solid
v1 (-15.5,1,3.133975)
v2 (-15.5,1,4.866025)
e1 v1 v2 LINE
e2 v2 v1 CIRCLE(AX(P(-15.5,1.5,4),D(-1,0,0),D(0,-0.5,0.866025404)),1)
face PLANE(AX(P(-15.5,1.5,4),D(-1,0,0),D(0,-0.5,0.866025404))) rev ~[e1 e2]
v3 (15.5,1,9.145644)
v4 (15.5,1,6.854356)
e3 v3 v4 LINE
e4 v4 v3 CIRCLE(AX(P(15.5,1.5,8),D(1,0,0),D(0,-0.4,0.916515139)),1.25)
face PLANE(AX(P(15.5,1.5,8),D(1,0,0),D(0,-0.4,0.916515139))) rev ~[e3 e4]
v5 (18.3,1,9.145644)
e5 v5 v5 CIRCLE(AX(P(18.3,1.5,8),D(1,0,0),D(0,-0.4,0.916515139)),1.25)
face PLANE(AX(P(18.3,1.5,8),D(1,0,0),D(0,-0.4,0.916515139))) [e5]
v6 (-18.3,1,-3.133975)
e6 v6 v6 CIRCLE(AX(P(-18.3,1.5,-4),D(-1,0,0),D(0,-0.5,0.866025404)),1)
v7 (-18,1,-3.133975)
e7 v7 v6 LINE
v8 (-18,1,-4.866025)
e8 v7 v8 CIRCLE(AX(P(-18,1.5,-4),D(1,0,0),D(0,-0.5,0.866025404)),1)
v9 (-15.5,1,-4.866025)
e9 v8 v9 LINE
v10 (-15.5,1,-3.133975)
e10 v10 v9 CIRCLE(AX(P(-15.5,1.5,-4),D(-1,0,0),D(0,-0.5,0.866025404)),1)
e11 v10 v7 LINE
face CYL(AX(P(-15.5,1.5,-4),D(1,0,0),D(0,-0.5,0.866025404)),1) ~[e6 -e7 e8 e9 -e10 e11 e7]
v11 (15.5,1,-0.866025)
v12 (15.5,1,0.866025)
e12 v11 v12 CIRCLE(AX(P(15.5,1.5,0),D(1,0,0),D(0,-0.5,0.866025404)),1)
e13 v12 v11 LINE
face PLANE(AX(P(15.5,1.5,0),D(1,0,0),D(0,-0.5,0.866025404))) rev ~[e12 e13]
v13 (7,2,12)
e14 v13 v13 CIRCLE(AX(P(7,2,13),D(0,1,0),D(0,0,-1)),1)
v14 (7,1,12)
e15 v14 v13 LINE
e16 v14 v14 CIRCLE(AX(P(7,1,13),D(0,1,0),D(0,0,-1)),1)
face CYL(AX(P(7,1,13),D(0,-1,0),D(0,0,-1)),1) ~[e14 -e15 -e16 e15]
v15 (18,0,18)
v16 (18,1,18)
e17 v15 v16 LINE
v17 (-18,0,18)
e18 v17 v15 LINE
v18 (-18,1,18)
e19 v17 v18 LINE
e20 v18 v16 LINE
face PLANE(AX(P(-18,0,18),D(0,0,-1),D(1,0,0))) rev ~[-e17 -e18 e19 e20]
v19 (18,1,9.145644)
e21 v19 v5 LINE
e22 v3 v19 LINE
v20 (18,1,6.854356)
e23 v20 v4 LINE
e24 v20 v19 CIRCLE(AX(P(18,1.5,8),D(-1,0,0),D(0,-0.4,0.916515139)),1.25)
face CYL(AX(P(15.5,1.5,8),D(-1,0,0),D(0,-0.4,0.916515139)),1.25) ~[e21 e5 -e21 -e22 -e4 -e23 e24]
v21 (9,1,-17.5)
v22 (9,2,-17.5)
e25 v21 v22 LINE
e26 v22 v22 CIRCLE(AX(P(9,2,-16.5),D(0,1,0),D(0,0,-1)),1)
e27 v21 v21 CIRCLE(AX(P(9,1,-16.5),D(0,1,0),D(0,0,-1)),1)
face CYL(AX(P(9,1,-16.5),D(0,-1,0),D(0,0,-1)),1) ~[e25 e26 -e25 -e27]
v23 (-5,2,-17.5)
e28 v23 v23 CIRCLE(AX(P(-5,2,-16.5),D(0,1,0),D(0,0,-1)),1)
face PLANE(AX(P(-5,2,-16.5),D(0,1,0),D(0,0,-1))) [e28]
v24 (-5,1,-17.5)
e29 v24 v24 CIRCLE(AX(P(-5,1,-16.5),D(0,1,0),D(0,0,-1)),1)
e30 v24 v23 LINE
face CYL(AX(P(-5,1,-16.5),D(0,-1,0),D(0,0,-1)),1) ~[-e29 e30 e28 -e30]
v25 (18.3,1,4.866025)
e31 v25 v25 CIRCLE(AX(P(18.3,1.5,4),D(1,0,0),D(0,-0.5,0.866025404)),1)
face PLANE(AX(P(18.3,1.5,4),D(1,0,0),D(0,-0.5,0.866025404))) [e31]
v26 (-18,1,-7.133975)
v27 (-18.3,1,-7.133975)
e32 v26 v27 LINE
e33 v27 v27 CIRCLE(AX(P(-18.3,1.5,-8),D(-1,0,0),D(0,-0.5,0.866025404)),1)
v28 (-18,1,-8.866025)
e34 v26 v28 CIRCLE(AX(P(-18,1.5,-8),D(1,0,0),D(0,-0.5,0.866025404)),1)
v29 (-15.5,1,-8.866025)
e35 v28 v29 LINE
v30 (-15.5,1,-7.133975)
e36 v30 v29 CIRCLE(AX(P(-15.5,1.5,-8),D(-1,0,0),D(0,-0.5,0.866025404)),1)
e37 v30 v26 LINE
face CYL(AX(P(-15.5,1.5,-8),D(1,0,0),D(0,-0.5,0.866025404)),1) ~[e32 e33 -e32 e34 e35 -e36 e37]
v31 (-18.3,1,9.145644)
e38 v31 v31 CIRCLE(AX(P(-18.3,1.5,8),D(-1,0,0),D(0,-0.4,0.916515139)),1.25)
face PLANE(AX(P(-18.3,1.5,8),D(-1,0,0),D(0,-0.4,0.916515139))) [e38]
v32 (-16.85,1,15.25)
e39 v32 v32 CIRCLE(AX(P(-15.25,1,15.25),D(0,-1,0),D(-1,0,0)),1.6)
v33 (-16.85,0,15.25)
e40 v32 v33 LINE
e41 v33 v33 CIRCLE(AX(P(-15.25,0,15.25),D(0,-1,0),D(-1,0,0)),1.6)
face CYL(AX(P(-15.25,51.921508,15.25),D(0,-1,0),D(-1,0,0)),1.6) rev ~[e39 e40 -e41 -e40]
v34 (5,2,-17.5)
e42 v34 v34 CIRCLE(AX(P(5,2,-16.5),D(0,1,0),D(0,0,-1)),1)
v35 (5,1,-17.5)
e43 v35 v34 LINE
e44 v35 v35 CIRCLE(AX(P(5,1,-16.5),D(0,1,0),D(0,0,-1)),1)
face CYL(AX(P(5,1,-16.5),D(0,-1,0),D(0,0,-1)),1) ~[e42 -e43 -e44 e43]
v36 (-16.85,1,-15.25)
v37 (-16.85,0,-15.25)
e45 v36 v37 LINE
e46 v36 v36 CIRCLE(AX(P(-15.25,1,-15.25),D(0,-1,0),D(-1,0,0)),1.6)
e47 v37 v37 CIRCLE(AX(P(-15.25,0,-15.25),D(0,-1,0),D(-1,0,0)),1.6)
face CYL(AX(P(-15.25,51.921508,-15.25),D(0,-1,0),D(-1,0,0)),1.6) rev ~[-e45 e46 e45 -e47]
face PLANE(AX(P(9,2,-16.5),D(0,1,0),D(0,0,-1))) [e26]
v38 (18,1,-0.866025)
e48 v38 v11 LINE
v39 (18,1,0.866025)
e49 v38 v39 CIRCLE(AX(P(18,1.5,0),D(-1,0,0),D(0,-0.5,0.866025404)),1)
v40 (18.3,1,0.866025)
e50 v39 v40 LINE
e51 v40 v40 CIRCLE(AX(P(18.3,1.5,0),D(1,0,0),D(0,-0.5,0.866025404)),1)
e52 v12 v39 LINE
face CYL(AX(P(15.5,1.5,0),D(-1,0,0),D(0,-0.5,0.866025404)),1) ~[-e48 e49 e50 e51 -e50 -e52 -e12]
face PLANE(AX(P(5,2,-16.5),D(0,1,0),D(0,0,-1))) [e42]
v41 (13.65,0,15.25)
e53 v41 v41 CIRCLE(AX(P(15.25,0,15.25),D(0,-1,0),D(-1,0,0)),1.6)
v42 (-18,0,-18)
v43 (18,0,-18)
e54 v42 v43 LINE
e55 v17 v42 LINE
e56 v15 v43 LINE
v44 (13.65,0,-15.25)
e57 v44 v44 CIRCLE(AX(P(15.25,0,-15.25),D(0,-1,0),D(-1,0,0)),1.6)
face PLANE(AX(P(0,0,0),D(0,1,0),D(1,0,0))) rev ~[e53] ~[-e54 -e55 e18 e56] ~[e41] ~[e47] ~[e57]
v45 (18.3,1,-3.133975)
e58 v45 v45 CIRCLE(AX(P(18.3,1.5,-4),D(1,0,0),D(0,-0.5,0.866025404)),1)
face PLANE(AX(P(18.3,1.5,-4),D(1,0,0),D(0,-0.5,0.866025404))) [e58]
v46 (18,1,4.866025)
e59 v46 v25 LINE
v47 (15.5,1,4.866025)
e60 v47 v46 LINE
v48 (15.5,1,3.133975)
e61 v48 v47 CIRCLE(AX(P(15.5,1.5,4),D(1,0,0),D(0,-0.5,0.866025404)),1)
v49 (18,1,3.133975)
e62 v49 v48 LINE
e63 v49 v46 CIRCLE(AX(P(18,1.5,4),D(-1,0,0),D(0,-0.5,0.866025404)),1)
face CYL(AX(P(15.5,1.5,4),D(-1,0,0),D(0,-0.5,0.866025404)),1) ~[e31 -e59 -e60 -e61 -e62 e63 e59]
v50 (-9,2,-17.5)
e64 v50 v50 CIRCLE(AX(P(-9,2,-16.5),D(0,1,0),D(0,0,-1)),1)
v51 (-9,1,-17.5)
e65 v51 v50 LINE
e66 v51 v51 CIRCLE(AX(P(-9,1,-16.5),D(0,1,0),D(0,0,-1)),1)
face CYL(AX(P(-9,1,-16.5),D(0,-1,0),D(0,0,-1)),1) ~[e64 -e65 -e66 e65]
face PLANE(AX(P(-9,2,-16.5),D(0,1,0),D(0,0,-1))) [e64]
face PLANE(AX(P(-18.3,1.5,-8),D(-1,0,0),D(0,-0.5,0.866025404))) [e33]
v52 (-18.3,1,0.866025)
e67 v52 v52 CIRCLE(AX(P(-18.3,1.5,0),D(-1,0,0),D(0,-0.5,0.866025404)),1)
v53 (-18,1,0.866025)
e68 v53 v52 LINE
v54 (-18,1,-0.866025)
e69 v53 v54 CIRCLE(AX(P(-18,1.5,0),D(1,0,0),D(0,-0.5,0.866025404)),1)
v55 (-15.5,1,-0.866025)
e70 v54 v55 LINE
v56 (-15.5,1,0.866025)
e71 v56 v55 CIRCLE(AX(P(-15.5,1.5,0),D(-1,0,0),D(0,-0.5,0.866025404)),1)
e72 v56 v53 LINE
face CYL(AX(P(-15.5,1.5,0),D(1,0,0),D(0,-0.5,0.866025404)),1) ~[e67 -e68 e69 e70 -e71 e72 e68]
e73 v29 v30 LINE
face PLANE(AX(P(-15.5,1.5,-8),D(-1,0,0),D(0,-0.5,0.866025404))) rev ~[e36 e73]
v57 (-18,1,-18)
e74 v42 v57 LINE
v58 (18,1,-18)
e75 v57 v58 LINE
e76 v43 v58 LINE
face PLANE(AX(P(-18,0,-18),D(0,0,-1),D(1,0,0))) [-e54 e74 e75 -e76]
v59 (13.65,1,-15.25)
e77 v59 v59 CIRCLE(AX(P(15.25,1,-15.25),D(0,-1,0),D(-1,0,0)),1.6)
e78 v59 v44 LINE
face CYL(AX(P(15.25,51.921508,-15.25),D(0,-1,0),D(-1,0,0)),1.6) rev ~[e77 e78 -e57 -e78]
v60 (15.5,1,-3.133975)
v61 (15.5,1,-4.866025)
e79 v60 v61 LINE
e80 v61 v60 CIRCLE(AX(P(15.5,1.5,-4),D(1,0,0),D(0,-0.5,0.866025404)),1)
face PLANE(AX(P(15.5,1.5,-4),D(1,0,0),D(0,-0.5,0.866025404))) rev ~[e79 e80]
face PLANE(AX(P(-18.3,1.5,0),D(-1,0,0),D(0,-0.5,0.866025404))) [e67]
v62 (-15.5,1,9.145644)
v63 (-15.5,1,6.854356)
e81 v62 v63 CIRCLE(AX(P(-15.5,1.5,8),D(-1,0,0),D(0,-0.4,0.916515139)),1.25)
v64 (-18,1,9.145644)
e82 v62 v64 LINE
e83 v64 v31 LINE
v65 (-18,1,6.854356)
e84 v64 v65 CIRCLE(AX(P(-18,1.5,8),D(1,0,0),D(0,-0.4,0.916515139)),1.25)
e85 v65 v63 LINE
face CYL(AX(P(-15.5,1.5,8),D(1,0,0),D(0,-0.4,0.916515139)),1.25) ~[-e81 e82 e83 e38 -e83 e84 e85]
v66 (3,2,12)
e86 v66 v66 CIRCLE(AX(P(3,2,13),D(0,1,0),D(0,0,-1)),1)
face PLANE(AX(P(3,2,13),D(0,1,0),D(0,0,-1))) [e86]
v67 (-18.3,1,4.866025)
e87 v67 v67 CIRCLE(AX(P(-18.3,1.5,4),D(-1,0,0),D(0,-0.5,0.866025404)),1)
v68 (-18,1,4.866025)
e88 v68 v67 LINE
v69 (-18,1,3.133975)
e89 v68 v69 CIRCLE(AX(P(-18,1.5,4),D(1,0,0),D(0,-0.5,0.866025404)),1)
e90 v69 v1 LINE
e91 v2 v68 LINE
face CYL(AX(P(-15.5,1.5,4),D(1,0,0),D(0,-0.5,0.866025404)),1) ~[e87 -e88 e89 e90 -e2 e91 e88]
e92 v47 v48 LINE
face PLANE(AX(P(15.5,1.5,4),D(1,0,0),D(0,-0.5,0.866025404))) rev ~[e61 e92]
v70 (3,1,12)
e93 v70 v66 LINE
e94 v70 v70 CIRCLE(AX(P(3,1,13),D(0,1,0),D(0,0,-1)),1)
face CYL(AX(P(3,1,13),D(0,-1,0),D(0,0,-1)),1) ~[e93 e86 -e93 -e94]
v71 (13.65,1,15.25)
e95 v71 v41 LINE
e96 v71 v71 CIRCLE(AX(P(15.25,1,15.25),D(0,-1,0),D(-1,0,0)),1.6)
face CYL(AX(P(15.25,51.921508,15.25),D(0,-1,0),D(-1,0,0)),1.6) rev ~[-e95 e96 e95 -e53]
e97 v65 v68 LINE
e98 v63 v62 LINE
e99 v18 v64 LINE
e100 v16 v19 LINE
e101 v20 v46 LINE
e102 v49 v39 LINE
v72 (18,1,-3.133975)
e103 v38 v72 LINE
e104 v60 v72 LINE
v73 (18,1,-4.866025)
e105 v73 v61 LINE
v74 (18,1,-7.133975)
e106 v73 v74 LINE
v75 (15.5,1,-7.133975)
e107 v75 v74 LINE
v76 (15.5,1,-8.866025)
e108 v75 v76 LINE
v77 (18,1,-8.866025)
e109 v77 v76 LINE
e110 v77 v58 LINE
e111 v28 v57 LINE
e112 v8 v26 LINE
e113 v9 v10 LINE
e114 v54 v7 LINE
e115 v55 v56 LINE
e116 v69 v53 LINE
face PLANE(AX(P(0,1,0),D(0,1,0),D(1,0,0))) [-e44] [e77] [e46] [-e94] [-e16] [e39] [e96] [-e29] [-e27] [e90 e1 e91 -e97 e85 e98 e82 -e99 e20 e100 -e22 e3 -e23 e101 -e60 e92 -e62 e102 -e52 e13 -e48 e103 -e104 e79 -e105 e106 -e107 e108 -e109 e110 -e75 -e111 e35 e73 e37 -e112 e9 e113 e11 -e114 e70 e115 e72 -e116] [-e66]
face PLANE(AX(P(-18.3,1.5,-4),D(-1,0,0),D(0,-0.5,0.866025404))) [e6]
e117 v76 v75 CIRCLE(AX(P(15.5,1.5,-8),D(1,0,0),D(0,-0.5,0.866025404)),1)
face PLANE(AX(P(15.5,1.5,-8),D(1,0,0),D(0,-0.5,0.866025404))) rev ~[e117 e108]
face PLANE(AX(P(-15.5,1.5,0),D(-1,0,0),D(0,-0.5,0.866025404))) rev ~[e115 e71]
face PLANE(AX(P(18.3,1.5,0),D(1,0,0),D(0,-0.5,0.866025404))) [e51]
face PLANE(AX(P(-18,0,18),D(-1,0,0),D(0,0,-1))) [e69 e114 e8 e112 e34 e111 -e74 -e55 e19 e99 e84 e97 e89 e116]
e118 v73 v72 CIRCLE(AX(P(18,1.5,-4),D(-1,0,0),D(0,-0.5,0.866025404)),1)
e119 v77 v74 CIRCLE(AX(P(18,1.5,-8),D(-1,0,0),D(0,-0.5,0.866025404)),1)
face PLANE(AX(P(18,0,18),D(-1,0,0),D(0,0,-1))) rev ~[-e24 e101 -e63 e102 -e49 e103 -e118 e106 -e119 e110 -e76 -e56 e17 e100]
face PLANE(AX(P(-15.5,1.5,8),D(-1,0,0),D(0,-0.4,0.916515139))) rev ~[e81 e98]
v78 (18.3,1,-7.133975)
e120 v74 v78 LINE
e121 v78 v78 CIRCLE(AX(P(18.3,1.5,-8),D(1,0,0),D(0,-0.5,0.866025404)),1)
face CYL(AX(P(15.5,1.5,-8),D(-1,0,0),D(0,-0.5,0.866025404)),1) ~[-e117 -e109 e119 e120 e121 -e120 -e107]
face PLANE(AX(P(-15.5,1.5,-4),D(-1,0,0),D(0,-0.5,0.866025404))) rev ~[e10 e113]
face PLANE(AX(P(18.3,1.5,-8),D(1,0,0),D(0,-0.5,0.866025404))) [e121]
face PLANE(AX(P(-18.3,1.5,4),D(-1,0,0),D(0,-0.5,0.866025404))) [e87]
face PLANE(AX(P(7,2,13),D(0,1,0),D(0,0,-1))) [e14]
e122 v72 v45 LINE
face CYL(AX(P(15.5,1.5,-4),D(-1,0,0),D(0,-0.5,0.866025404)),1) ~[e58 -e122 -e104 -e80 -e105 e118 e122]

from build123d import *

# Parameters (mm, degrees)
SKIZZE1_W                        = 36
SKIZZE1_H                        = 36
PLATINE_DEPTH                    = 1
F_3_2_3_2_DURCHMESSER_BOHRUNG1_D = 3.2
ANSCHLUESSE_MINUS_DEPTH          = 0.3
ANSCHLUESSE_MINUS_DEPTH_BACK     = 2.5
SKIZZE5_R                        = 1.25
SKIZZE5_R_2                      = 1
ANSCHLUESSE_PLUS_DEPTH           = 0.3
ANSCHLUESSE_PLUS_DEPTH_BACK      = 2.5
SKIZZE6_R                        = 1
SKIZZE6_R_2                      = 1.25
SKIZZE7_R                        = 1
SKUND_RANSCHL_SSE_DEPTH          = 1


with BuildPart() as part:
    # Skizze1 → Platine (new body)
    with BuildSketch(Plane(origin=(0, 0, 0), x_dir=(1, 0, 0), z_dir=(0, 1, 0))):
        Rectangle(SKIZZE1_W, SKIZZE1_H)
    extrude(amount=PLATINE_DEPTH)

    # Ø3.2 (3.2) Durchmesser Bohrung1 (through all)
    with Locations(Plane(origin=(0, 1, 0), x_dir=(1, 0, 0), z_dir=(0, 1, 0))):
        with Locations((-15.25, 15.25), (15.25, 15.25), (15.25, -15.25), (-15.25, -15.25)):
            Hole(F_3_2_3_2_DURCHMESSER_BOHRUNG1_D / 2)

    # Skizze5 → Anschluesse_Minus (add, two sides: drawn at the far end of the back side and taken through both)
    with BuildSketch(Plane(origin=(18, 0, 0), x_dir=(0, 0, -1), z_dir=(1, 0, 0)).offset(-ANSCHLUESSE_MINUS_DEPTH_BACK)):
        with Locations((-8, 1.5)):
            Circle(SKIZZE5_R)
        with Locations((-4, 1.5)):
            Circle(SKIZZE5_R_2)
        with Locations((0, 1.5)):
            Circle(SKIZZE5_R_2)
        with Locations((4, 1.5)):
            Circle(SKIZZE5_R_2)
        with Locations((8, 1.5)):
            Circle(SKIZZE5_R_2)
    extrude(amount=ANSCHLUESSE_MINUS_DEPTH + ANSCHLUESSE_MINUS_DEPTH_BACK)

    # Skizze6 → Anschluesse_Plus (add, two sides: drawn at the far end of the back side and taken through both)
    with BuildSketch(Plane.ZY.offset(18).offset(-ANSCHLUESSE_PLUS_DEPTH_BACK)):
        with Locations((-8, 1.5)):
            Circle(SKIZZE6_R)
        with Locations((-4, 1.5)):
            Circle(SKIZZE6_R)
        with Locations((0, 1.5)):
            Circle(SKIZZE6_R)
        with Locations((4, 1.5)):
            Circle(SKIZZE6_R)
        with Locations((8, 1.5)):
            Circle(SKIZZE6_R_2)
    extrude(amount=ANSCHLUESSE_PLUS_DEPTH + ANSCHLUESSE_PLUS_DEPTH_BACK)

    # Skizze7 → Skundäranschlüsse (add)
    with BuildSketch(Plane(origin=(0, 1, 0), x_dir=(1, 0, 0), z_dir=(0, 1, 0))):
        with Locations((-9, 16.5)):
            Circle(SKIZZE7_R)
        with Locations((-5, 16.5)):
            Circle(SKIZZE7_R)
        with Locations((5, 16.5)):
            Circle(SKIZZE7_R)
        with Locations((9, 16.5)):
            Circle(SKIZZE7_R)
        with Locations((3, -13)):
            Circle(SKIZZE7_R)
        with Locations((7, -13)):
            Circle(SKIZZE7_R)
    extrude(amount=SKUND_RANSCHL_SSE_DEPTH)


solid = part.part
